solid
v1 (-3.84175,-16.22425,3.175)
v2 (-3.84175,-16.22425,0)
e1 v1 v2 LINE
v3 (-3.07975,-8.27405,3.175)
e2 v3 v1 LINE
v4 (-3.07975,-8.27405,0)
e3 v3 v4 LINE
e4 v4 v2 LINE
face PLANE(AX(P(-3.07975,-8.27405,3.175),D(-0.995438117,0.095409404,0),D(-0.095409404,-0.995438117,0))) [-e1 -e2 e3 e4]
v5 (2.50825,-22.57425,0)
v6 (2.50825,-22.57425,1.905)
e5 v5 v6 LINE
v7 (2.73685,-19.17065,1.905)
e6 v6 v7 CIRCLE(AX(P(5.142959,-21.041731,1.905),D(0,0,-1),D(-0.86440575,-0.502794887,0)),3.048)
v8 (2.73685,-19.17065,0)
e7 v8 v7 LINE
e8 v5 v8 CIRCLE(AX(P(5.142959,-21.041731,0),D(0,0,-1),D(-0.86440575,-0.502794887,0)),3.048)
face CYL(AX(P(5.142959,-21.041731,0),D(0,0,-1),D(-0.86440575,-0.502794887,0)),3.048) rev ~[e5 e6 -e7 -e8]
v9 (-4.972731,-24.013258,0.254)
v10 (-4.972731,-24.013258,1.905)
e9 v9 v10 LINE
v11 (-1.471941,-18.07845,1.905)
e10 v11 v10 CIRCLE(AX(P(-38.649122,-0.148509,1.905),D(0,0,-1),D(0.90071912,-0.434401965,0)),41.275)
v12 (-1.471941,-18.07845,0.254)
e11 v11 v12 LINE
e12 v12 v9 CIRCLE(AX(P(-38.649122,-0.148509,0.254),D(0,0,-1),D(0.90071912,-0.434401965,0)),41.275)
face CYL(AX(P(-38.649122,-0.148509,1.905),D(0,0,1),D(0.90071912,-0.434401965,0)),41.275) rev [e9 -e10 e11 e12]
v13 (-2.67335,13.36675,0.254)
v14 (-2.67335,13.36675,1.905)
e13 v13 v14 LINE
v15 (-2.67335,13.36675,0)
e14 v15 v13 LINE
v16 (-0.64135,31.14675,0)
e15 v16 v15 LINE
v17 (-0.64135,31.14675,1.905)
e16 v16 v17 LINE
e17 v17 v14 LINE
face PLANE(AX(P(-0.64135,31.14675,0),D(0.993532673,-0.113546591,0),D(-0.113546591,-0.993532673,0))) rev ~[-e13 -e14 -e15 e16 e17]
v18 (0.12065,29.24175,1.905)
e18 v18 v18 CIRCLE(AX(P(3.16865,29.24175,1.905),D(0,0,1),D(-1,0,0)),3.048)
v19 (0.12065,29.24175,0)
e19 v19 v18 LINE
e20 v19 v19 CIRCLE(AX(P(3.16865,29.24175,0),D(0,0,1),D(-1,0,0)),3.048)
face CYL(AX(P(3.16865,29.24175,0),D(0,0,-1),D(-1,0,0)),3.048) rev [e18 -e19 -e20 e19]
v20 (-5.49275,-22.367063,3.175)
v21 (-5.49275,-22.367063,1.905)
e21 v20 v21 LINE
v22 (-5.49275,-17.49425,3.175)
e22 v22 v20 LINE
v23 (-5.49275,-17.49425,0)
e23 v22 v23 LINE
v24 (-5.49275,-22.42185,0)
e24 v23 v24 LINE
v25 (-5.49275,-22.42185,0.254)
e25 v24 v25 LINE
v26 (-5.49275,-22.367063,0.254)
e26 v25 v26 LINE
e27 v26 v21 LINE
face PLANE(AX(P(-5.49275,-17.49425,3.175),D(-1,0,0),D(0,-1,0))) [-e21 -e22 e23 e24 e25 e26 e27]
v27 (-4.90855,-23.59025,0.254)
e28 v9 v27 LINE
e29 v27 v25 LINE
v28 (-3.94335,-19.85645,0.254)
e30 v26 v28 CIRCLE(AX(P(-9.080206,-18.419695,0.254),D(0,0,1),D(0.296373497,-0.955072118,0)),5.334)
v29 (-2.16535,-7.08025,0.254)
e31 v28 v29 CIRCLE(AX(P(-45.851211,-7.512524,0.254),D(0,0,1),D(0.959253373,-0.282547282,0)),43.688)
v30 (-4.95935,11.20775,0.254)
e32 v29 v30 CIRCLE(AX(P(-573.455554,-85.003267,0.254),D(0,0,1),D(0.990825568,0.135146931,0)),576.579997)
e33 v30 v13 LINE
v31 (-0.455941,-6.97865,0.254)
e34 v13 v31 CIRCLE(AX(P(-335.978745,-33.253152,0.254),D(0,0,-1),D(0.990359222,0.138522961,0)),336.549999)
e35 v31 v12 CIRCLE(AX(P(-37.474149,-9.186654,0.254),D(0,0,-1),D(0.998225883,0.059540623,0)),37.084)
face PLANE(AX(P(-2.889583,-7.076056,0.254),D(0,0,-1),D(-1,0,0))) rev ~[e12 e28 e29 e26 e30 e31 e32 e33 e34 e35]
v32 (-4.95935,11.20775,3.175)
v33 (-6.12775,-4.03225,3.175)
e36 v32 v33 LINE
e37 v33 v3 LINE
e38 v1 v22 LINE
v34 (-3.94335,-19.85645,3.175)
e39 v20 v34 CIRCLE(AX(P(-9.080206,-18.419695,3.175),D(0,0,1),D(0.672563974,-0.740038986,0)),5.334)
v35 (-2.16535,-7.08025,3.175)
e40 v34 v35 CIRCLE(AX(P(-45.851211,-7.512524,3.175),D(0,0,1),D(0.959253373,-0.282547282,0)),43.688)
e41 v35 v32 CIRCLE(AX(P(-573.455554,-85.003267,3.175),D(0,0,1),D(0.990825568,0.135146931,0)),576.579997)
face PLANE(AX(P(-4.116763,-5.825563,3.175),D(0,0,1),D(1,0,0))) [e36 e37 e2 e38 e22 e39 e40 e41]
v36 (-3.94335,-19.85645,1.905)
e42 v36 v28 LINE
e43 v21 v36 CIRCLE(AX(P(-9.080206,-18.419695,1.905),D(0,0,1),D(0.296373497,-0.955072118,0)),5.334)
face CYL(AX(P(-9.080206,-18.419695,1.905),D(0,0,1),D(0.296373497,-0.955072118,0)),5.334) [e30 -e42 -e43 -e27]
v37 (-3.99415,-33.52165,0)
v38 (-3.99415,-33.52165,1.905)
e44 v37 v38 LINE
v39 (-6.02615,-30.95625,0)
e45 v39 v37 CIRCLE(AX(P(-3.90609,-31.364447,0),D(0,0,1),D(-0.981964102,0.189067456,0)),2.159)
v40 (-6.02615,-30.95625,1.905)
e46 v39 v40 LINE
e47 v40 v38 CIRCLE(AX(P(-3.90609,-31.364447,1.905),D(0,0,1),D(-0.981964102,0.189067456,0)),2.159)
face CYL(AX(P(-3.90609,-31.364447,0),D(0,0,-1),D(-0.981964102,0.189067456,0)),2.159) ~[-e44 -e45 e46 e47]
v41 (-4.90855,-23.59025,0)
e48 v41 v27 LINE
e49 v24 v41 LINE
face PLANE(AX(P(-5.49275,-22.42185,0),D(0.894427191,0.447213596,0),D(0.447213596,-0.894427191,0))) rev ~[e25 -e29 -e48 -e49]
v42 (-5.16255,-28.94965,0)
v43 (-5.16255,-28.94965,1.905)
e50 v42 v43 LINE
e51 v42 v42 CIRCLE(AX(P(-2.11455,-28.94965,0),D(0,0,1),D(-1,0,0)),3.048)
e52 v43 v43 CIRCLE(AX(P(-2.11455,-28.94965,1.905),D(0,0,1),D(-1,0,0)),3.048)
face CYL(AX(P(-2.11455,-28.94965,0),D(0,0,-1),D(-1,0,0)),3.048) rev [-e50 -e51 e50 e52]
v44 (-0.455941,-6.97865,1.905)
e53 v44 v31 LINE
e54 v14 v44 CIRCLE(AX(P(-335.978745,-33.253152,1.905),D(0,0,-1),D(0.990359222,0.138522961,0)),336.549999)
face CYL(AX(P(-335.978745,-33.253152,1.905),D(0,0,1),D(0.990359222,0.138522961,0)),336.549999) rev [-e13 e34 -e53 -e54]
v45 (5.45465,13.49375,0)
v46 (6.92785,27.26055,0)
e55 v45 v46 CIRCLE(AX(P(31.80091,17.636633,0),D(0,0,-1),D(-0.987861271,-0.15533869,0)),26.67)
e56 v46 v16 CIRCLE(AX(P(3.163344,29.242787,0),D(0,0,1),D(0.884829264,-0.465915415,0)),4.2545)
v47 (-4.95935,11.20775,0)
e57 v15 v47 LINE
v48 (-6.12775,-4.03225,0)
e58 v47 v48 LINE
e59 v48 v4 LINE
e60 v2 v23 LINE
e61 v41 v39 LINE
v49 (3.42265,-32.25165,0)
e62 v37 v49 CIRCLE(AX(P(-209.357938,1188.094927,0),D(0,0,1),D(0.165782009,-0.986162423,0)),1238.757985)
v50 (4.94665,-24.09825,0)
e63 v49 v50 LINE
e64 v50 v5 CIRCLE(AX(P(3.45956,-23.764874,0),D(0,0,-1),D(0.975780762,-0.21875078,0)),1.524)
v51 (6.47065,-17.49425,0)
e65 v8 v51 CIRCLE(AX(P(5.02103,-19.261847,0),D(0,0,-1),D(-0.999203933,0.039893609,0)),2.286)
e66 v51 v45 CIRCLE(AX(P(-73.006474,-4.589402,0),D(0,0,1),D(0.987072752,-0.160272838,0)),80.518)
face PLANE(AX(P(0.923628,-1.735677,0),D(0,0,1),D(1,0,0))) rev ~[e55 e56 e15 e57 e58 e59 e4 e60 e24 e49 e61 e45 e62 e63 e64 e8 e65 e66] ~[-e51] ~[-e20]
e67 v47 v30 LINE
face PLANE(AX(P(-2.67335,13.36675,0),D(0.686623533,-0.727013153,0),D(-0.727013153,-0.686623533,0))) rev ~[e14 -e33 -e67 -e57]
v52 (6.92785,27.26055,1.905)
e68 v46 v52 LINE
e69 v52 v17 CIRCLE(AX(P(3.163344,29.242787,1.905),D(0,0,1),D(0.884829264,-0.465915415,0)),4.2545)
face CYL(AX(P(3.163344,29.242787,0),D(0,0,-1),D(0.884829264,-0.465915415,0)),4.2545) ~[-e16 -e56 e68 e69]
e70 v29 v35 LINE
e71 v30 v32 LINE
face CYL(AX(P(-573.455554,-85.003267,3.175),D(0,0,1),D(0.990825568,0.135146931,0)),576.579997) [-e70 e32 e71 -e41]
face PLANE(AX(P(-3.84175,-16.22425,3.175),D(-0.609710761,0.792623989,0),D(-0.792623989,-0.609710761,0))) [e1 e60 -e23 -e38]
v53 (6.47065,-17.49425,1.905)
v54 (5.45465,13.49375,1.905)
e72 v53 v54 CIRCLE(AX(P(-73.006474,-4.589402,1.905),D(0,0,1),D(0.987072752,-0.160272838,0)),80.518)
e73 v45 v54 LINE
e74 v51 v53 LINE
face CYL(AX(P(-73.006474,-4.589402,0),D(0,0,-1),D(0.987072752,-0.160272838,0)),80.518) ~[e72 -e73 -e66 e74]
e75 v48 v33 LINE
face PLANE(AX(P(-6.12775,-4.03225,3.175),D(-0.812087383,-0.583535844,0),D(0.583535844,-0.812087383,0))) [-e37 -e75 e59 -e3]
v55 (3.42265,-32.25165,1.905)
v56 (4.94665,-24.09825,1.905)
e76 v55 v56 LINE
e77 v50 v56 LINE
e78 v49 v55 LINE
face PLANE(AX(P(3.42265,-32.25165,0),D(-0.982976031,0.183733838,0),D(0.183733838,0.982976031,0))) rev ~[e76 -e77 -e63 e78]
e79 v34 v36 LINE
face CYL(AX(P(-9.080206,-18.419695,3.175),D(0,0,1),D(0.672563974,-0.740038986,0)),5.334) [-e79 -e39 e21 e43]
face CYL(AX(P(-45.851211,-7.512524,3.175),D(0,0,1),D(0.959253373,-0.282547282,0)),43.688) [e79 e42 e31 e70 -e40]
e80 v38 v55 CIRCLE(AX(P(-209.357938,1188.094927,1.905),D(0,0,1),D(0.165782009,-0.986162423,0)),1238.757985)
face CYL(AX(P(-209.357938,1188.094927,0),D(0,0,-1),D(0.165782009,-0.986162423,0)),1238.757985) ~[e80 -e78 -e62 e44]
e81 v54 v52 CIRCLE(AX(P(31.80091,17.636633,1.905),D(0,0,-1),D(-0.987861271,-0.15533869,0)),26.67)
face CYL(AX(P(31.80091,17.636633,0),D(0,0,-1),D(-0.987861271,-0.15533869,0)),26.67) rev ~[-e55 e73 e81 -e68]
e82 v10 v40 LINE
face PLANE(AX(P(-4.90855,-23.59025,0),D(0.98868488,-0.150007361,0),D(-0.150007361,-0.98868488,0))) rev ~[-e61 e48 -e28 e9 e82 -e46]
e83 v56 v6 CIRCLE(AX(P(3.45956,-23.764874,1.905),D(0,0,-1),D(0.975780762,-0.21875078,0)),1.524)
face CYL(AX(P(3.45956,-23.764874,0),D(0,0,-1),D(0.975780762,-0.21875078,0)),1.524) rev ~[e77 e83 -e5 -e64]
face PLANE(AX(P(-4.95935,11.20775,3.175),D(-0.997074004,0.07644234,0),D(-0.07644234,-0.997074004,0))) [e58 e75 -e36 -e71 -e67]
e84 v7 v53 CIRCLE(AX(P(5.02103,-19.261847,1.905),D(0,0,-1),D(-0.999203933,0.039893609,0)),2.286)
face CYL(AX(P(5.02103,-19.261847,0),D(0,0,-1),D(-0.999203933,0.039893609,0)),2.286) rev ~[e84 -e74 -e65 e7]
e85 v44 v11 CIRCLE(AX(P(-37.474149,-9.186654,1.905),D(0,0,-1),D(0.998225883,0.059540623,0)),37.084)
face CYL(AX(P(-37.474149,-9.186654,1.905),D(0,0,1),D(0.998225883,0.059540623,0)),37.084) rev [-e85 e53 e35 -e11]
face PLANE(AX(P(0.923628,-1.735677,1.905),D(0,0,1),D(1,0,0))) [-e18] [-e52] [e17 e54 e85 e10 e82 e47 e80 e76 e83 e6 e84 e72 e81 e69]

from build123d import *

# Parameters (mm, degrees)
SKETCH1_R           = 3.048
BOSS_EXTRUDE1_DEPTH = 1.905
CUT_EXTRUDE1_DEPTH  = 1.651
BOSS_EXTRUDE2_START = 1.27
BOSS_EXTRUDE2_DEPTH = 1.27


with BuildPart() as part:
    # Sketch1 → Boss-Extrude1 (new body)
    with BuildSketch(Plane.XY):
        with BuildLine():
            Line((-5.49275, -17.49425), (-5.49275, -22.42185))
            Line((-5.49275, -22.42185), (-4.90855, -23.59025))
            Line((-4.90855, -23.59025), (-6.02615, -30.95625))
            ThreePointArc((-6.02615, -30.95625), (-5.598504604, -32.704973448), (-3.99415, -33.52165))
            ThreePointArc((-3.99415, -33.52165), (-0.284785682, -32.892281616), (3.42265, -32.25165))
            Line((3.42265, -32.25165), (4.94665, -24.09825))
            ThreePointArc((4.94665, -24.09825), (2.651841734, -25.057223226), (2.50825, -22.57425))
            ThreePointArc((2.50825, -22.57425), (2.10181036, -20.83747495), (2.73685, -19.17065))
            ThreePointArc((2.73685, -19.17065), (4.08470653, -17.176398636), (6.47065, -17.49425))
            ThreePointArc((6.47065, -17.49425), (7.46828342, -1.95088497), (5.45465, 13.49375))
            ThreePointArc((5.45465, 13.49375), (5.282315002, 20.474416107), (6.92785, 27.26055))
            ThreePointArc((6.92785, 27.26055), (5.106547792, 33.02758949), (-0.64135, 31.14675))
            Line((-0.64135, 31.14675), (-2.67335, 13.36675))
            Line((-2.67335, 13.36675), (-4.95935, 11.20775))
            Line((-4.95935, 11.20775), (-6.12775, -4.03225))
            Line((-6.12775, -4.03225), (-3.07975, -8.27405))
            Line((-3.07975, -8.27405), (-3.84175, -16.22425))
            Line((-3.84175, -16.22425), (-5.49275, -17.49425))
        make_face()
        with Locations(Location((3.16865, 29.24175, 0), (0, 0, 180))):
            Circle(SKETCH1_R, mode=Mode.SUBTRACT)
        with Locations(Location((-2.11455, -28.94965, 0), (0, 0, 180))):
            Circle(SKETCH1_R, mode=Mode.SUBTRACT)
    extrude(amount=BOSS_EXTRUDE1_DEPTH)

    # Sketch2 → Cut-Extrude1 (cut)
    with BuildSketch(Plane.XY.offset(1.905)):
        with BuildLine():
            Line((-7.059940767, -26.71445), (-7.49935, -23.51405))
            ThreePointArc((-7.49935, -23.51405), (-5.25575534, -22.137911475), (-3.94335, -19.85645))
            ThreePointArc((-3.94335, -19.85645), (-2.580214562, -13.534333063), (-2.16535, -7.08025))
            ThreePointArc((-2.16535, -7.08025), (-3.488996471, 2.074956789), (-4.95935, 11.20775))
            Line((-4.95935, 11.20775), (-2.67335, 13.36675))
            ThreePointArc((-2.67335, 13.36675), (-1.409957084, 3.210909205), (-0.455940767, -6.97865))
            ThreePointArc((-0.455940767, -6.97865), (-0.544530874, -12.566939921), (-1.471940767, -18.07845))
            ThreePointArc((-1.471940767, -18.07845), (-3.99586421, -22.571205419), (-7.059940767, -26.71445))
        make_face()
    extrude(amount=-CUT_EXTRUDE1_DEPTH, mode=Mode.SUBTRACT)

    # Sketch3 → Boss-Extrude2 (add)
    with BuildSketch(Plane.XY.offset(1.905).offset(BOSS_EXTRUDE2_START)):
        with BuildLine():
            Line((-5.49275, -17.49425), (-5.49275, -22.367063276))
            ThreePointArc((-5.49275, -22.367063276), (-4.541021091, -21.221008268), (-3.94335, -19.85645))
            ThreePointArc((-3.94335, -19.85645), (-2.580214562, -13.534333063), (-2.16535, -7.08025))
            ThreePointArc((-2.16535, -7.08025), (-3.488996471, 2.074956789), (-4.95935, 11.20775))
            Line((-4.95935, 11.20775), (-6.12775, -4.03225))
            Line((-6.12775, -4.03225), (-3.07975, -8.27405))
            Line((-3.07975, -8.27405), (-3.84175, -16.22425))
            Line((-3.84175, -16.22425), (-5.49275, -17.49425))
        make_face()
    extrude(amount=-BOSS_EXTRUDE2_DEPTH)


solid = part.part
